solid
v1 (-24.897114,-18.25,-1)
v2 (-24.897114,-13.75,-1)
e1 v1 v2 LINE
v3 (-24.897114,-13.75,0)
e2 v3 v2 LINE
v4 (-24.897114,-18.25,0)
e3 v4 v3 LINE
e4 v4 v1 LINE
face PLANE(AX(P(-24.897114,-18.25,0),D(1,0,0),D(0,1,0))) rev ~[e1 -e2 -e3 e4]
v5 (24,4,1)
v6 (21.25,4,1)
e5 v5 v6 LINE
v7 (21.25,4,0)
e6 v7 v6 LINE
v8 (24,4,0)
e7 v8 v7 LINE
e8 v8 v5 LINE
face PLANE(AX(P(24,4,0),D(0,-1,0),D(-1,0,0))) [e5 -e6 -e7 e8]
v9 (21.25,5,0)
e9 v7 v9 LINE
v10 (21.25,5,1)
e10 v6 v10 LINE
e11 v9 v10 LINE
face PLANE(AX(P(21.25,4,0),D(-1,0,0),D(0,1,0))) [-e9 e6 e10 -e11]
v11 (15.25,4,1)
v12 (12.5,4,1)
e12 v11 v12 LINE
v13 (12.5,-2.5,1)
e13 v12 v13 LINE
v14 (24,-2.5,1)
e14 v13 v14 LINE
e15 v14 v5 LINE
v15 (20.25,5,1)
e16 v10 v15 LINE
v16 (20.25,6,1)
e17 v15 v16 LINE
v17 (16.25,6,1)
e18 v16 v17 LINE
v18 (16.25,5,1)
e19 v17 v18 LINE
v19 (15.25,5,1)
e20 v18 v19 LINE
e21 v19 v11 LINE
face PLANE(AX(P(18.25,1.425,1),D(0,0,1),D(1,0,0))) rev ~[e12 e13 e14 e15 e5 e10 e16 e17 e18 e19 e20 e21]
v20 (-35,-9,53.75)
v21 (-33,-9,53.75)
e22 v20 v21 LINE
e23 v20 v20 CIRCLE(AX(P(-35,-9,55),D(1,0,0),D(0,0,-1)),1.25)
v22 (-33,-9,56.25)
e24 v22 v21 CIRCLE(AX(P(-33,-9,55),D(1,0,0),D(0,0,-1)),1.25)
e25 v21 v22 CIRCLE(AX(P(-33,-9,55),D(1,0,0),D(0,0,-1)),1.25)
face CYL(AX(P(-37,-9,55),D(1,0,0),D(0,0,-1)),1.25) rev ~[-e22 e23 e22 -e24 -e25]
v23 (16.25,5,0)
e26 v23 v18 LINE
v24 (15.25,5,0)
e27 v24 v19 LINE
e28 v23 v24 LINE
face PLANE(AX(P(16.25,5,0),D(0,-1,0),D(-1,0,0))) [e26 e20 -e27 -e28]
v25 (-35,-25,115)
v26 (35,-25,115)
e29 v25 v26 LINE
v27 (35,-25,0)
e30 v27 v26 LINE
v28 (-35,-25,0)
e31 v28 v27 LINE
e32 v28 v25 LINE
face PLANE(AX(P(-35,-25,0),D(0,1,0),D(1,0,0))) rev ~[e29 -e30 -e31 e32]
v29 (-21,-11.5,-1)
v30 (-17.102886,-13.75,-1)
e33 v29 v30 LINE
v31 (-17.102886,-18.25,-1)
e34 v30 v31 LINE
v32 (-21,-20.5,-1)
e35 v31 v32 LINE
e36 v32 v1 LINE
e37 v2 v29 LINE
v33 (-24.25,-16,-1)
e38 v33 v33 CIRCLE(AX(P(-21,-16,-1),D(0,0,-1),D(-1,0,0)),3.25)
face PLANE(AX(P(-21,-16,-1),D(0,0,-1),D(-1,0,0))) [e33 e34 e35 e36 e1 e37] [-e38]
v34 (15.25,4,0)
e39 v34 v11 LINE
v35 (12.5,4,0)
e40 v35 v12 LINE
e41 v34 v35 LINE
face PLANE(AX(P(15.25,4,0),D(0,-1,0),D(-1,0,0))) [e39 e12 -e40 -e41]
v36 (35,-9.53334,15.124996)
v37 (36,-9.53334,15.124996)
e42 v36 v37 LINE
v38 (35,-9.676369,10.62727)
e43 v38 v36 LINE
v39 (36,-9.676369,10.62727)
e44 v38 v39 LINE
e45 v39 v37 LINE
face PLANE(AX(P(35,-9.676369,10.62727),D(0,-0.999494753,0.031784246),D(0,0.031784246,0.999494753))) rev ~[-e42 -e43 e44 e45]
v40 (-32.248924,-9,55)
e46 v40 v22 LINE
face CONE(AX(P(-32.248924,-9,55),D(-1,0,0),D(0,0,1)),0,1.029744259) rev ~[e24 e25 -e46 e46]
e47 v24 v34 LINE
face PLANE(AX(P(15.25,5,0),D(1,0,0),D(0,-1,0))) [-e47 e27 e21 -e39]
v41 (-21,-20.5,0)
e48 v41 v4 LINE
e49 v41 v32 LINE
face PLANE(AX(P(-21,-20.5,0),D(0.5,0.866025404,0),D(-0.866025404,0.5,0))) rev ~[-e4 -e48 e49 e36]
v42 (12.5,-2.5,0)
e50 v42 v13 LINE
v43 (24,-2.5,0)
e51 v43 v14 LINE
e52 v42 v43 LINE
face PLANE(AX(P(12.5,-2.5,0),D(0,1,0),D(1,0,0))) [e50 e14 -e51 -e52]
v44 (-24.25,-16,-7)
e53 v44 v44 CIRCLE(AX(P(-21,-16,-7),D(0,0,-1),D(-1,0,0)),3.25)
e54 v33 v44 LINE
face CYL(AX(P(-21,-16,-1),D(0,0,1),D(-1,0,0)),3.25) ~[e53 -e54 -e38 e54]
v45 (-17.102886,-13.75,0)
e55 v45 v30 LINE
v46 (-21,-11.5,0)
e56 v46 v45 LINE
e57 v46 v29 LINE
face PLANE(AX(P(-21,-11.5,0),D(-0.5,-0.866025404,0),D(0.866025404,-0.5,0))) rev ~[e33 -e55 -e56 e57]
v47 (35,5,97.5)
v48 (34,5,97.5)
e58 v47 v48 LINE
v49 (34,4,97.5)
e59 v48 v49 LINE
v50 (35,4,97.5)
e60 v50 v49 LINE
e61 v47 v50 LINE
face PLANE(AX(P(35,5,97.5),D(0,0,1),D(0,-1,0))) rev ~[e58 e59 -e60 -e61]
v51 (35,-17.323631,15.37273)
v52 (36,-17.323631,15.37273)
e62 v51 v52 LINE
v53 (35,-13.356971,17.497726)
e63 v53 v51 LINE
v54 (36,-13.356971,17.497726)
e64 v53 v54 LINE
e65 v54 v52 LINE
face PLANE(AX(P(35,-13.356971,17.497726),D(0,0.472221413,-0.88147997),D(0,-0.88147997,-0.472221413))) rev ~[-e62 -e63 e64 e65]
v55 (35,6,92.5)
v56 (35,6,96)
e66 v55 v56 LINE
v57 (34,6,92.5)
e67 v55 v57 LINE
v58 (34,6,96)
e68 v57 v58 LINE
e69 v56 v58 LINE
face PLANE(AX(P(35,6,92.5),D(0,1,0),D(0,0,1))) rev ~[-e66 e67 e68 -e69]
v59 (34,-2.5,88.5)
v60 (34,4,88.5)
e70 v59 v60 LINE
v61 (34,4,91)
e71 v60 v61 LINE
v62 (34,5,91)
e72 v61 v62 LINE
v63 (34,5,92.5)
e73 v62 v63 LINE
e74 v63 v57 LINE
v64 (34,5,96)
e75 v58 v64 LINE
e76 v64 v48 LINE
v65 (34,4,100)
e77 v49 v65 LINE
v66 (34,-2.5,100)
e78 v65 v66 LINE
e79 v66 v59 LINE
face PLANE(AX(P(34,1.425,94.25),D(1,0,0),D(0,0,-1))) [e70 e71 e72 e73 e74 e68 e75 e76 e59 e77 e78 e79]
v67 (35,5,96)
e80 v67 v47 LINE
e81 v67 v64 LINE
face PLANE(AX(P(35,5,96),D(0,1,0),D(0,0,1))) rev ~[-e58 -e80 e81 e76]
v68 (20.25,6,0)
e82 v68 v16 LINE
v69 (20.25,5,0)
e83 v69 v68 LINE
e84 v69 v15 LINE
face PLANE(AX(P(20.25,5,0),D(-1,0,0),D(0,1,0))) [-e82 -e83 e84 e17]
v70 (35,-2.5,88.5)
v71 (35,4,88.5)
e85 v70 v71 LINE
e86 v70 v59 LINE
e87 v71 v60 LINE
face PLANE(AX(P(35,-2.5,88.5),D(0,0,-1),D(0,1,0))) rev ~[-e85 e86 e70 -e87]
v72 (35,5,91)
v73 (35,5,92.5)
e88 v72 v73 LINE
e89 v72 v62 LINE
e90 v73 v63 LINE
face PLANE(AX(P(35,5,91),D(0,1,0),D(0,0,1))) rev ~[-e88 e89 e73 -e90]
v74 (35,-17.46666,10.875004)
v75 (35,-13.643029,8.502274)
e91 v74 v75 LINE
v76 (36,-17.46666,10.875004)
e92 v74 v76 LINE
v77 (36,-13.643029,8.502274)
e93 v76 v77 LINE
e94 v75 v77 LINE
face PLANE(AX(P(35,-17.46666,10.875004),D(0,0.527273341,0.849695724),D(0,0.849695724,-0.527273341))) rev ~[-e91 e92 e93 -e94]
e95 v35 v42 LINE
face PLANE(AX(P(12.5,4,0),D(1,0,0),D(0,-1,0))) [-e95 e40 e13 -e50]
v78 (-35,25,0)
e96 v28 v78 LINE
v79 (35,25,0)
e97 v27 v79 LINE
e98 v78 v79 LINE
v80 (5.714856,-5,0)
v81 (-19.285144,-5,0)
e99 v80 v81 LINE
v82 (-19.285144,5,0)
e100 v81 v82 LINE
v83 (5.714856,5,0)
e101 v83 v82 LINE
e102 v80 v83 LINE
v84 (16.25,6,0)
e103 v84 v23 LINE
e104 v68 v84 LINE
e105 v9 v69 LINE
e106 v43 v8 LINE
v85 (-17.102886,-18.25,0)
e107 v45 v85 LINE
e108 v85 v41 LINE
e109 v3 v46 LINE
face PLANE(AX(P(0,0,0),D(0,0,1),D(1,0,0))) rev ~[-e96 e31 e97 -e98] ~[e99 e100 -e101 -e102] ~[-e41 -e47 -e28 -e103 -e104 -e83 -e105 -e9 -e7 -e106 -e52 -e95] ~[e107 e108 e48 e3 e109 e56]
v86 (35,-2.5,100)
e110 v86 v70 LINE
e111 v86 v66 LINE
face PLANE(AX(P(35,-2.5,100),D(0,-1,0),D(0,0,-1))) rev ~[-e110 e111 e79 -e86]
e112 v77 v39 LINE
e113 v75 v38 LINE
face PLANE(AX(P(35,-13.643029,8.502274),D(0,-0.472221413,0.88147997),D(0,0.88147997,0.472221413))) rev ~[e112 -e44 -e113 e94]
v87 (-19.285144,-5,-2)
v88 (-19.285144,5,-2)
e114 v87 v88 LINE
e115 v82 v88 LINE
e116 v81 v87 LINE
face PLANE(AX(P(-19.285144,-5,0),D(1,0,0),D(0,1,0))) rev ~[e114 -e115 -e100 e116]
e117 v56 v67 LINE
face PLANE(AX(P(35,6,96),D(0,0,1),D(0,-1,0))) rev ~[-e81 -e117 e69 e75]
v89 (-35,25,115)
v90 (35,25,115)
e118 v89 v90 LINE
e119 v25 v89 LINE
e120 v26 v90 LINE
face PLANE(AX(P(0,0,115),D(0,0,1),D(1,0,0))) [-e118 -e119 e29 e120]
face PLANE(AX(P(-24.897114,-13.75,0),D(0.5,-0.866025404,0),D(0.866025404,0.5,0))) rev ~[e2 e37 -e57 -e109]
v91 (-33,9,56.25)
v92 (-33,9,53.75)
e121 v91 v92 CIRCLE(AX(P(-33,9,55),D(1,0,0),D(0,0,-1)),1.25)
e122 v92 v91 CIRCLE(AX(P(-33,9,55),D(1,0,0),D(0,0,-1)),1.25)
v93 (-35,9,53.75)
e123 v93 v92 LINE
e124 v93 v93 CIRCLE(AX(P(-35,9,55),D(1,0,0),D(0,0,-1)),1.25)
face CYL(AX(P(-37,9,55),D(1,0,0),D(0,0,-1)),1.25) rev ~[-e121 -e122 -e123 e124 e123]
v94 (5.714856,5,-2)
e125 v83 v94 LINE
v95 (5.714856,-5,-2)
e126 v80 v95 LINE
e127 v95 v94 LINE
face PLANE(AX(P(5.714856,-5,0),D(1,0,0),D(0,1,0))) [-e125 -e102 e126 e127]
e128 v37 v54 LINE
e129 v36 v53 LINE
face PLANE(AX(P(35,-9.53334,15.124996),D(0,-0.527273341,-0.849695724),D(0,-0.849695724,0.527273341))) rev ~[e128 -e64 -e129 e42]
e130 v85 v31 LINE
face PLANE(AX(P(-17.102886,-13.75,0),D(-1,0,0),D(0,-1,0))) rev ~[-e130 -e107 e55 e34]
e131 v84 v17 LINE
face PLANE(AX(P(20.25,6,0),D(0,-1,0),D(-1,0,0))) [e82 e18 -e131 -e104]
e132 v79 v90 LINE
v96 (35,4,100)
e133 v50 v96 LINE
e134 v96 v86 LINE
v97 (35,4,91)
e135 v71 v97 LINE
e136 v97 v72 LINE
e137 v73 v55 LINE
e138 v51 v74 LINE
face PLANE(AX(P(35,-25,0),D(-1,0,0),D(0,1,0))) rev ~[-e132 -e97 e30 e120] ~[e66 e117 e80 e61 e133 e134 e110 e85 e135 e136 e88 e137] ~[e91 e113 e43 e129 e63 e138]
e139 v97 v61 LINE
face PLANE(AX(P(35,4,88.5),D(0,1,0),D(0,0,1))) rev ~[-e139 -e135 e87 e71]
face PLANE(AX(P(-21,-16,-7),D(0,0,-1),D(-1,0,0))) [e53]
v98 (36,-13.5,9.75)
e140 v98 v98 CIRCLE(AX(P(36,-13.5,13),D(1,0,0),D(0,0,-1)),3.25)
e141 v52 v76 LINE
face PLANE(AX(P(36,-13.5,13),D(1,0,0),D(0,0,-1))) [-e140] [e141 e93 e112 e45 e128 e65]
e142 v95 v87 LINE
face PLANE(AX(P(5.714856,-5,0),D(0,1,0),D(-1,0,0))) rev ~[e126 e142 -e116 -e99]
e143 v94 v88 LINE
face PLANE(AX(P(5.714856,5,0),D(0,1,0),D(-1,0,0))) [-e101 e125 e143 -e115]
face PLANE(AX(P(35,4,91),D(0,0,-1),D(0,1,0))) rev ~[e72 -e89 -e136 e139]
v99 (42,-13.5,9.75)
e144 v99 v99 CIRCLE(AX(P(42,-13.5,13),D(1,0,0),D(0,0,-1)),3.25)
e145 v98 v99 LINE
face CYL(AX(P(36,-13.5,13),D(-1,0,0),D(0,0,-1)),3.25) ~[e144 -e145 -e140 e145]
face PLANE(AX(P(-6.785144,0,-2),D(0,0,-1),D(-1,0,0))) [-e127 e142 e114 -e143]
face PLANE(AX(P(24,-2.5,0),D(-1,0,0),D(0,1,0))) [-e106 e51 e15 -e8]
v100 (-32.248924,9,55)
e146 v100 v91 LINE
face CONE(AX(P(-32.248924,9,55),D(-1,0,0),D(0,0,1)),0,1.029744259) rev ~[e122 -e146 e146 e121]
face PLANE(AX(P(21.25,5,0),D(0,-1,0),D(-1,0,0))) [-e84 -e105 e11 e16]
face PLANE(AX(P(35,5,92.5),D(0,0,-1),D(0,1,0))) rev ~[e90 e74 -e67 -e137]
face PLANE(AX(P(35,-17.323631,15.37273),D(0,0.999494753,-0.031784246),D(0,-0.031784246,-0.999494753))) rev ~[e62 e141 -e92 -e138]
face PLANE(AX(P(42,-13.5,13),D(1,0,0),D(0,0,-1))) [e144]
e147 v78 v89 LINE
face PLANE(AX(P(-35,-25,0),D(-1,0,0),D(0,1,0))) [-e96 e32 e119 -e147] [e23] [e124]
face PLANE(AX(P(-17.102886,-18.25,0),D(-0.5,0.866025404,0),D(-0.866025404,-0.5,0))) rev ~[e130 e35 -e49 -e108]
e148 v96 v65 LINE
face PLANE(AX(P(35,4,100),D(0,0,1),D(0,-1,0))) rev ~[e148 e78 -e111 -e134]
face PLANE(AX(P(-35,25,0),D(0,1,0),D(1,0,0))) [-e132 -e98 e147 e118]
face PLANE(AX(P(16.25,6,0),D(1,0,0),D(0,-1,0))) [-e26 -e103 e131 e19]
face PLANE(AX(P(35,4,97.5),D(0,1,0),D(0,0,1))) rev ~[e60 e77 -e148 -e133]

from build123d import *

# Parameters (mm, degrees)
SKETCH_1_W             = 70
SKETCH_1_H             = 50
EXTRUDE_1_DEPTH        = 115
CUT_EXTRUDE_1_DEPTH    = 1
EXTRUDE_2_DEPTH        = 1
SKETCH_4_R             = 3.25
EXTRUDE_3_DEPTH        = 6
EXTRUDE_4_DEPTH        = 1
SKETCH_6_R             = 3.25
EXTRUDE_5_DEPTH        = 6
CUT_EXTRUDE_2_DEPTH    = 1
HOLE_WIZARD_M3_1_D     = 2.5
HOLE_WIZARD_M3_1_DEPTH = 2
HOLE_WIZARD_M3_1_TIP   = 0.751075774
SKETCH_10_W            = 25
SKETCH_10_H            = 10
EXTRUDE_6_DEPTH        = 2


with BuildPart() as part:
    # 草图1 → 凸台-拉伸1 (new body)
    with BuildSketch(Plane.XY):
        Rectangle(SKETCH_1_W, SKETCH_1_H)
    extrude(amount=EXTRUDE_1_DEPTH)

    # 草图2 → 切除-拉伸1 (cut)
    with BuildSketch(Plane(origin=(35, 0, 0), x_dir=(0, 0, -1), z_dir=(1, 0, 0))):
        Polygon((-100, -2.5), (-88.5, -2.5), (-88.5, 4), (-91, 4), (-91, 5), (-92.5, 5), (-92.5, 6), (-96, 6), (-96, 5), (-97.5, 5), (-97.5, 4), (-100, 4), align=None)
    extrude(amount=-CUT_EXTRUDE_1_DEPTH, mode=Mode.SUBTRACT)

    # 草图3 → 凸台-拉伸2 (add)
    with BuildSketch(Plane(origin=(35, 0, 0), x_dir=(0, 0, -1), z_dir=(1, 0, 0))):
        Polygon((-15.124996356, -9.533340135), (-17.49772639, -13.356970895), (-15.372730033, -17.32363076), (-10.875003644, -17.466659865), (-8.50227361, -13.643029105), (-10.627269967, -9.67636924), align=None)
    extrude(amount=EXTRUDE_2_DEPTH)

    # 草图4 → 凸台-拉伸3 (add)
    with BuildSketch(Plane(origin=(36, 0, 0), x_dir=(0, 0, -1), z_dir=(1, 0, 0))):
        with Locations((-13, -13.5)):
            Circle(SKETCH_4_R)
    extrude(amount=EXTRUDE_3_DEPTH)

    # 草图5 → 凸台-拉伸4 (add)
    with BuildSketch(Plane(origin=(0, 0, 0), x_dir=(-1, 0, 0), z_dir=(0, 0, -1))):
        Polygon((24.897114317, -18.25), (24.897114317, -13.75), (21, -11.5), (17.102885683, -13.75), (17.102885683, -18.25), (21, -20.5), align=None)
    extrude(amount=EXTRUDE_4_DEPTH)

    # 草图6 → 凸台-拉伸5 (add)
    with BuildSketch(Plane(origin=(0, 0, -1), x_dir=(-1, 0, 0), z_dir=(0, 0, -1))):
        with Locations((21, -16)):
            Circle(SKETCH_6_R)
    extrude(amount=EXTRUDE_5_DEPTH)

    # 草图7 → 切除-拉伸2 (cut)
    with BuildSketch(Plane(origin=(0, 0, 0), x_dir=(-1, 0, 0), z_dir=(0, 0, -1))):
        Polygon((-24, 4), (-21.25, 4), (-21.25, 5), (-20.25, 5), (-20.25, 6), (-16.25, 6), (-16.25, 5), (-15.25, 5), (-15.25, 4), (-12.5, 4), (-12.5, -2.5), (-24, -2.5), align=None)
    extrude(amount=-CUT_EXTRUDE_2_DEPTH, mode=Mode.SUBTRACT)

    # M3 螺纹孔的螺纹孔钻头1
    with Locations(Plane.ZY.offset(35)):
        with Locations((55, -9), (55, 9)):
            Hole(HOLE_WIZARD_M3_1_D / 2, depth=HOLE_WIZARD_M3_1_DEPTH)
            with Locations((0, 0, -(HOLE_WIZARD_M3_1_DEPTH + HOLE_WIZARD_M3_1_TIP / 2))):  # 118° drill point
                Cone(0, HOLE_WIZARD_M3_1_D / 2, HOLE_WIZARD_M3_1_TIP, mode=Mode.SUBTRACT)

    # 草图10 → 凸台-拉伸6 (add)
    with BuildSketch(Plane(origin=(0, 0, 0), x_dir=(-1, 0, 0), z_dir=(0, 0, -1))):
        with Locations((6.785143616, 0)):
            Rectangle(SKETCH_10_W, SKETCH_10_H)
    extrude(amount=EXTRUDE_6_DEPTH)


solid = part.part
